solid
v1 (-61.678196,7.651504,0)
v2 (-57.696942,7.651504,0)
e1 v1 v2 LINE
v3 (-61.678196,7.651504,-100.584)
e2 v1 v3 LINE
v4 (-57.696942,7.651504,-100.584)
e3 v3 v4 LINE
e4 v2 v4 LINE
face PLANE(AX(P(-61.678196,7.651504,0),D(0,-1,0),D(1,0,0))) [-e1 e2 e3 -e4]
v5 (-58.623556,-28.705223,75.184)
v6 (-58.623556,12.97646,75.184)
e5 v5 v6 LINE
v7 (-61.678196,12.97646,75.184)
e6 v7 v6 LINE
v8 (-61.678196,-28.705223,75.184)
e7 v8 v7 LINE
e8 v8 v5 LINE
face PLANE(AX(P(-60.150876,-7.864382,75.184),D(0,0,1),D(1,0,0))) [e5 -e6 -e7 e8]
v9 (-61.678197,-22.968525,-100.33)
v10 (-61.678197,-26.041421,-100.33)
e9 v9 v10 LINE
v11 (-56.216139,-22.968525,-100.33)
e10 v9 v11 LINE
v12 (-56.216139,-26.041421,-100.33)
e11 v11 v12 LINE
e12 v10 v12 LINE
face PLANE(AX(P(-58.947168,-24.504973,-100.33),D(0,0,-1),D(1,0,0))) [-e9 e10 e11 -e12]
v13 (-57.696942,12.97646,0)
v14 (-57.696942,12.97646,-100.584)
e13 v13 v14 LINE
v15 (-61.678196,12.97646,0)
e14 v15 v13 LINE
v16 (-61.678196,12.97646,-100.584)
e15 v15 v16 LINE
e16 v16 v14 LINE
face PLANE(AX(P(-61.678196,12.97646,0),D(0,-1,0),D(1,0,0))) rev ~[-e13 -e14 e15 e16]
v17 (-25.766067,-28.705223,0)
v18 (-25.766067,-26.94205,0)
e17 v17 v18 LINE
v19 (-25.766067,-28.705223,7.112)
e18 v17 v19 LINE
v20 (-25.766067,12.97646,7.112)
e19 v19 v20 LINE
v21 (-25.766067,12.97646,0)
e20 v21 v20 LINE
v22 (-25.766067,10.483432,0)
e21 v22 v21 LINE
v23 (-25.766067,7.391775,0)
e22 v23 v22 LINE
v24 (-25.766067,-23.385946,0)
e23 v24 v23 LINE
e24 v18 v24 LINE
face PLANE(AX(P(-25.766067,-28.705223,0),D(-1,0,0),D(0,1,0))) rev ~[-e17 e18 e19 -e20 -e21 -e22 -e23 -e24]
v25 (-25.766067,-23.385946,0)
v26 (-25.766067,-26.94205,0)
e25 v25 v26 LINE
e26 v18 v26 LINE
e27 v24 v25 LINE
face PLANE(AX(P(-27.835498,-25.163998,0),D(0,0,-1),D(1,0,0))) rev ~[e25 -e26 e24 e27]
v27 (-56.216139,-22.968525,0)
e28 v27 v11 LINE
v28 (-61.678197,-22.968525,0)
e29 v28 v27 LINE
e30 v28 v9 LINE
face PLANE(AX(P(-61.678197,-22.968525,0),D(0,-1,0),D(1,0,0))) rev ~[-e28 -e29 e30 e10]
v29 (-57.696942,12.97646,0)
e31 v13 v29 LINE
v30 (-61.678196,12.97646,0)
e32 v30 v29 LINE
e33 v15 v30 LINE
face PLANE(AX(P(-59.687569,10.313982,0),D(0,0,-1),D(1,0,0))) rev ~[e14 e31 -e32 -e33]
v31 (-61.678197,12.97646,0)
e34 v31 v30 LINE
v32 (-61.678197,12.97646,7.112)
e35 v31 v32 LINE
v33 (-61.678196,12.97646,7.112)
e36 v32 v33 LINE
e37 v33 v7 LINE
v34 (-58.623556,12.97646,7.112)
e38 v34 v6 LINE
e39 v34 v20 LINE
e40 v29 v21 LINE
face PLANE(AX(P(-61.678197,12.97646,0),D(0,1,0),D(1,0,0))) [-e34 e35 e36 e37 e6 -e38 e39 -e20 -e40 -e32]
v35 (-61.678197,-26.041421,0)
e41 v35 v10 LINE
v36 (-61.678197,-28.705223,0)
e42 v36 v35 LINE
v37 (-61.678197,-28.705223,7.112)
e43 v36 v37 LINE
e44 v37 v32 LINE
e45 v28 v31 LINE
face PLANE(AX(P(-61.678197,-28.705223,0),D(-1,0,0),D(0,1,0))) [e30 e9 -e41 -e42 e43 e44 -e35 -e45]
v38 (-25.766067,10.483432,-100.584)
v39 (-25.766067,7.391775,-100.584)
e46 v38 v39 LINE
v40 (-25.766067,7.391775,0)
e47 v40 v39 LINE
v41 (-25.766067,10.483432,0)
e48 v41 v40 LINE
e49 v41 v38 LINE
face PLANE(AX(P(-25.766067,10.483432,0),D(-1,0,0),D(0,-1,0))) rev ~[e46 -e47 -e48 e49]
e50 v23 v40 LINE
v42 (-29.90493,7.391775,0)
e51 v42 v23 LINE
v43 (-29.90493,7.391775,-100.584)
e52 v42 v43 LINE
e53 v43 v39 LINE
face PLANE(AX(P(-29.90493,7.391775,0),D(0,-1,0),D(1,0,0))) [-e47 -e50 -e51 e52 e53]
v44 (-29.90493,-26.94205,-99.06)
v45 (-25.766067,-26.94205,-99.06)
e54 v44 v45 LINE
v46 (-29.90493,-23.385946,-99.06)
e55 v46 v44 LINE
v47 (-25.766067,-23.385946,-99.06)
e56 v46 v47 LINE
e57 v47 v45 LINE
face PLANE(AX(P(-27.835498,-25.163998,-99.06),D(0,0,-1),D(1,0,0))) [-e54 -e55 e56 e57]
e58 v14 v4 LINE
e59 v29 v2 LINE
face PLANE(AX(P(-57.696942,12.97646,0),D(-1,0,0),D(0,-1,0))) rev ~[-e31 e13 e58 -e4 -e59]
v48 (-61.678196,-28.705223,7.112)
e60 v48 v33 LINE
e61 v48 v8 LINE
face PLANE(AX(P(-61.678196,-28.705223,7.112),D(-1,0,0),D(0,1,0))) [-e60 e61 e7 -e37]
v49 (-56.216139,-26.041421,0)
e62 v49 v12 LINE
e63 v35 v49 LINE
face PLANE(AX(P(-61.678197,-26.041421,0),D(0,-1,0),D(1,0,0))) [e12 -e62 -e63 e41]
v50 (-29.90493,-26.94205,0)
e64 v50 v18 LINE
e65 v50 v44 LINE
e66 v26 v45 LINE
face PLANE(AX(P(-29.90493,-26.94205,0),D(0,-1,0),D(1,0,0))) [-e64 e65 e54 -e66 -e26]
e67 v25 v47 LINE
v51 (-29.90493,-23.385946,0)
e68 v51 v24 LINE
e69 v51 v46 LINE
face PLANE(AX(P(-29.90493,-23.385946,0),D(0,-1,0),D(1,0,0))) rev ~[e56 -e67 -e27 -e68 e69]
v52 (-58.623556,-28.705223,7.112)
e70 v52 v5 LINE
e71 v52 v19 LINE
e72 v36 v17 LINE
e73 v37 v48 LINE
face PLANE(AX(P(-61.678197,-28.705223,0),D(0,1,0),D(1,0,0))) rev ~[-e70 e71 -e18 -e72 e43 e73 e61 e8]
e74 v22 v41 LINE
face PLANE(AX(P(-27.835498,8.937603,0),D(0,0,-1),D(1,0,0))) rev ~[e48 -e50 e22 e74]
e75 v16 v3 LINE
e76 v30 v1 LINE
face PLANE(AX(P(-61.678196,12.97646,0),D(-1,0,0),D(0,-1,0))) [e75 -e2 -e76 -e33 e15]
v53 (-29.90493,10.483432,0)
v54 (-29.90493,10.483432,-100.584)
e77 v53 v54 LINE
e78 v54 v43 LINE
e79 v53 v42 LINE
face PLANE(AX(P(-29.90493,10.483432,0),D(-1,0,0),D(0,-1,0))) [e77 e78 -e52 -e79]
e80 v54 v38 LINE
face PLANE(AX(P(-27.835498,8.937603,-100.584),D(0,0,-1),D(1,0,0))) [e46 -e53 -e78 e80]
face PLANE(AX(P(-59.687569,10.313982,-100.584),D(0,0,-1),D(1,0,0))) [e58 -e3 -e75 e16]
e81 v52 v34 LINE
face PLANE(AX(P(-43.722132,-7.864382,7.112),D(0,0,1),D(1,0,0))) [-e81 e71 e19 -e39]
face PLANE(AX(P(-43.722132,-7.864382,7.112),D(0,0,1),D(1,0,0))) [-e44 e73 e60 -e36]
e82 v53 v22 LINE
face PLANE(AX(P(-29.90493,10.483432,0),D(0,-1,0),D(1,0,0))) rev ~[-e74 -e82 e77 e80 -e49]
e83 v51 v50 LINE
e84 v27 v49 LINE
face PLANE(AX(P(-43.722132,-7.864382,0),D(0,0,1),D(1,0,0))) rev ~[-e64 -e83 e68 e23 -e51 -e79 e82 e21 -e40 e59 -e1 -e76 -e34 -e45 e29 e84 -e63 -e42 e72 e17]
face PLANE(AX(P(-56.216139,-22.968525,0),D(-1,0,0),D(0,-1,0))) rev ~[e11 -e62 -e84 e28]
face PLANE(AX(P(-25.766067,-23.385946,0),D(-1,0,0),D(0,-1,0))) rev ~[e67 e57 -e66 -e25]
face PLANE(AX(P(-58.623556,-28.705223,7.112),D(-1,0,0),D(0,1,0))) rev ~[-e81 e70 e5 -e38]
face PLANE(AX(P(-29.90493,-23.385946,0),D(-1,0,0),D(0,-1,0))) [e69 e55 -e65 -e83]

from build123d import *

# Parameters (mm, degrees)
F0_W      = 35.91213
F0_H      = 41.681683
F1_DEPTH  = 7.112
F2_W      = 4.138863
F2_H      = 3.556104
F3_DEPTH  = 99.06
F4_W      = 4.138863
F4_H      = 3.091657
F5_DEPTH  = 100.584
F6_W      = 3.981255
F6_H      = 5.324956
F7_DEPTH  = 100.584
F8_W      = 5.462058
F8_H      = 3.072897
F9_DEPTH  = 100.33
F10_W     = 3.054641
F10_H     = 41.681683
F11_DEPTH = 68.072


with BuildPart() as f1:
    # F0 (on Top) → F1 (new body)
    with BuildSketch(Plane.XY):
        with Locations((-43.722132, -7.864382)):
            Rectangle(F0_W, F0_H)
    extrude(amount=F1_DEPTH)

    # F2 (on face) → F3 (join)
    with BuildSketch(Plane(origin=(0, 0, 0), x_dir=(1, 0, 0), z_dir=(0, 0, -1))):
        with Locations((-27.835498, 25.163998)):
            Rectangle(F2_W, F2_H)
    extrude(amount=F3_DEPTH)

    # F4 (on face) → F5 (join)
    with BuildSketch(Plane(origin=(0, 0, 0), x_dir=(1, 0, 0), z_dir=(0, 0, -1))):
        with Locations((-27.835498, -8.937603)):
            Rectangle(F4_W, F4_H)
    extrude(amount=F5_DEPTH)

    # F6 (on face) → F7 (join)
    with BuildSketch(Plane(origin=(0, 0, 0), x_dir=(1, 0, 0), z_dir=(0, 0, -1))):
        with Locations((-59.687569, -10.313982)):
            Rectangle(F6_W, F6_H)
    extrude(amount=F7_DEPTH)

    # F8 (on face) → F9 (join)
    with BuildSketch(Plane(origin=(0, 0, 0), x_dir=(1, 0, 0), z_dir=(0, 0, -1))):
        with Locations((-58.947168, 24.504973)):
            Rectangle(F8_W, F8_H)
    extrude(amount=F9_DEPTH)

    # F10 (on face) → F11 (join)
    with BuildSketch(Plane.XY.offset(7.112)):
        with Locations((-60.150876, -7.864382)):
            Rectangle(F10_W, F10_H)
    extrude(amount=F11_DEPTH)


solid = f1.part
